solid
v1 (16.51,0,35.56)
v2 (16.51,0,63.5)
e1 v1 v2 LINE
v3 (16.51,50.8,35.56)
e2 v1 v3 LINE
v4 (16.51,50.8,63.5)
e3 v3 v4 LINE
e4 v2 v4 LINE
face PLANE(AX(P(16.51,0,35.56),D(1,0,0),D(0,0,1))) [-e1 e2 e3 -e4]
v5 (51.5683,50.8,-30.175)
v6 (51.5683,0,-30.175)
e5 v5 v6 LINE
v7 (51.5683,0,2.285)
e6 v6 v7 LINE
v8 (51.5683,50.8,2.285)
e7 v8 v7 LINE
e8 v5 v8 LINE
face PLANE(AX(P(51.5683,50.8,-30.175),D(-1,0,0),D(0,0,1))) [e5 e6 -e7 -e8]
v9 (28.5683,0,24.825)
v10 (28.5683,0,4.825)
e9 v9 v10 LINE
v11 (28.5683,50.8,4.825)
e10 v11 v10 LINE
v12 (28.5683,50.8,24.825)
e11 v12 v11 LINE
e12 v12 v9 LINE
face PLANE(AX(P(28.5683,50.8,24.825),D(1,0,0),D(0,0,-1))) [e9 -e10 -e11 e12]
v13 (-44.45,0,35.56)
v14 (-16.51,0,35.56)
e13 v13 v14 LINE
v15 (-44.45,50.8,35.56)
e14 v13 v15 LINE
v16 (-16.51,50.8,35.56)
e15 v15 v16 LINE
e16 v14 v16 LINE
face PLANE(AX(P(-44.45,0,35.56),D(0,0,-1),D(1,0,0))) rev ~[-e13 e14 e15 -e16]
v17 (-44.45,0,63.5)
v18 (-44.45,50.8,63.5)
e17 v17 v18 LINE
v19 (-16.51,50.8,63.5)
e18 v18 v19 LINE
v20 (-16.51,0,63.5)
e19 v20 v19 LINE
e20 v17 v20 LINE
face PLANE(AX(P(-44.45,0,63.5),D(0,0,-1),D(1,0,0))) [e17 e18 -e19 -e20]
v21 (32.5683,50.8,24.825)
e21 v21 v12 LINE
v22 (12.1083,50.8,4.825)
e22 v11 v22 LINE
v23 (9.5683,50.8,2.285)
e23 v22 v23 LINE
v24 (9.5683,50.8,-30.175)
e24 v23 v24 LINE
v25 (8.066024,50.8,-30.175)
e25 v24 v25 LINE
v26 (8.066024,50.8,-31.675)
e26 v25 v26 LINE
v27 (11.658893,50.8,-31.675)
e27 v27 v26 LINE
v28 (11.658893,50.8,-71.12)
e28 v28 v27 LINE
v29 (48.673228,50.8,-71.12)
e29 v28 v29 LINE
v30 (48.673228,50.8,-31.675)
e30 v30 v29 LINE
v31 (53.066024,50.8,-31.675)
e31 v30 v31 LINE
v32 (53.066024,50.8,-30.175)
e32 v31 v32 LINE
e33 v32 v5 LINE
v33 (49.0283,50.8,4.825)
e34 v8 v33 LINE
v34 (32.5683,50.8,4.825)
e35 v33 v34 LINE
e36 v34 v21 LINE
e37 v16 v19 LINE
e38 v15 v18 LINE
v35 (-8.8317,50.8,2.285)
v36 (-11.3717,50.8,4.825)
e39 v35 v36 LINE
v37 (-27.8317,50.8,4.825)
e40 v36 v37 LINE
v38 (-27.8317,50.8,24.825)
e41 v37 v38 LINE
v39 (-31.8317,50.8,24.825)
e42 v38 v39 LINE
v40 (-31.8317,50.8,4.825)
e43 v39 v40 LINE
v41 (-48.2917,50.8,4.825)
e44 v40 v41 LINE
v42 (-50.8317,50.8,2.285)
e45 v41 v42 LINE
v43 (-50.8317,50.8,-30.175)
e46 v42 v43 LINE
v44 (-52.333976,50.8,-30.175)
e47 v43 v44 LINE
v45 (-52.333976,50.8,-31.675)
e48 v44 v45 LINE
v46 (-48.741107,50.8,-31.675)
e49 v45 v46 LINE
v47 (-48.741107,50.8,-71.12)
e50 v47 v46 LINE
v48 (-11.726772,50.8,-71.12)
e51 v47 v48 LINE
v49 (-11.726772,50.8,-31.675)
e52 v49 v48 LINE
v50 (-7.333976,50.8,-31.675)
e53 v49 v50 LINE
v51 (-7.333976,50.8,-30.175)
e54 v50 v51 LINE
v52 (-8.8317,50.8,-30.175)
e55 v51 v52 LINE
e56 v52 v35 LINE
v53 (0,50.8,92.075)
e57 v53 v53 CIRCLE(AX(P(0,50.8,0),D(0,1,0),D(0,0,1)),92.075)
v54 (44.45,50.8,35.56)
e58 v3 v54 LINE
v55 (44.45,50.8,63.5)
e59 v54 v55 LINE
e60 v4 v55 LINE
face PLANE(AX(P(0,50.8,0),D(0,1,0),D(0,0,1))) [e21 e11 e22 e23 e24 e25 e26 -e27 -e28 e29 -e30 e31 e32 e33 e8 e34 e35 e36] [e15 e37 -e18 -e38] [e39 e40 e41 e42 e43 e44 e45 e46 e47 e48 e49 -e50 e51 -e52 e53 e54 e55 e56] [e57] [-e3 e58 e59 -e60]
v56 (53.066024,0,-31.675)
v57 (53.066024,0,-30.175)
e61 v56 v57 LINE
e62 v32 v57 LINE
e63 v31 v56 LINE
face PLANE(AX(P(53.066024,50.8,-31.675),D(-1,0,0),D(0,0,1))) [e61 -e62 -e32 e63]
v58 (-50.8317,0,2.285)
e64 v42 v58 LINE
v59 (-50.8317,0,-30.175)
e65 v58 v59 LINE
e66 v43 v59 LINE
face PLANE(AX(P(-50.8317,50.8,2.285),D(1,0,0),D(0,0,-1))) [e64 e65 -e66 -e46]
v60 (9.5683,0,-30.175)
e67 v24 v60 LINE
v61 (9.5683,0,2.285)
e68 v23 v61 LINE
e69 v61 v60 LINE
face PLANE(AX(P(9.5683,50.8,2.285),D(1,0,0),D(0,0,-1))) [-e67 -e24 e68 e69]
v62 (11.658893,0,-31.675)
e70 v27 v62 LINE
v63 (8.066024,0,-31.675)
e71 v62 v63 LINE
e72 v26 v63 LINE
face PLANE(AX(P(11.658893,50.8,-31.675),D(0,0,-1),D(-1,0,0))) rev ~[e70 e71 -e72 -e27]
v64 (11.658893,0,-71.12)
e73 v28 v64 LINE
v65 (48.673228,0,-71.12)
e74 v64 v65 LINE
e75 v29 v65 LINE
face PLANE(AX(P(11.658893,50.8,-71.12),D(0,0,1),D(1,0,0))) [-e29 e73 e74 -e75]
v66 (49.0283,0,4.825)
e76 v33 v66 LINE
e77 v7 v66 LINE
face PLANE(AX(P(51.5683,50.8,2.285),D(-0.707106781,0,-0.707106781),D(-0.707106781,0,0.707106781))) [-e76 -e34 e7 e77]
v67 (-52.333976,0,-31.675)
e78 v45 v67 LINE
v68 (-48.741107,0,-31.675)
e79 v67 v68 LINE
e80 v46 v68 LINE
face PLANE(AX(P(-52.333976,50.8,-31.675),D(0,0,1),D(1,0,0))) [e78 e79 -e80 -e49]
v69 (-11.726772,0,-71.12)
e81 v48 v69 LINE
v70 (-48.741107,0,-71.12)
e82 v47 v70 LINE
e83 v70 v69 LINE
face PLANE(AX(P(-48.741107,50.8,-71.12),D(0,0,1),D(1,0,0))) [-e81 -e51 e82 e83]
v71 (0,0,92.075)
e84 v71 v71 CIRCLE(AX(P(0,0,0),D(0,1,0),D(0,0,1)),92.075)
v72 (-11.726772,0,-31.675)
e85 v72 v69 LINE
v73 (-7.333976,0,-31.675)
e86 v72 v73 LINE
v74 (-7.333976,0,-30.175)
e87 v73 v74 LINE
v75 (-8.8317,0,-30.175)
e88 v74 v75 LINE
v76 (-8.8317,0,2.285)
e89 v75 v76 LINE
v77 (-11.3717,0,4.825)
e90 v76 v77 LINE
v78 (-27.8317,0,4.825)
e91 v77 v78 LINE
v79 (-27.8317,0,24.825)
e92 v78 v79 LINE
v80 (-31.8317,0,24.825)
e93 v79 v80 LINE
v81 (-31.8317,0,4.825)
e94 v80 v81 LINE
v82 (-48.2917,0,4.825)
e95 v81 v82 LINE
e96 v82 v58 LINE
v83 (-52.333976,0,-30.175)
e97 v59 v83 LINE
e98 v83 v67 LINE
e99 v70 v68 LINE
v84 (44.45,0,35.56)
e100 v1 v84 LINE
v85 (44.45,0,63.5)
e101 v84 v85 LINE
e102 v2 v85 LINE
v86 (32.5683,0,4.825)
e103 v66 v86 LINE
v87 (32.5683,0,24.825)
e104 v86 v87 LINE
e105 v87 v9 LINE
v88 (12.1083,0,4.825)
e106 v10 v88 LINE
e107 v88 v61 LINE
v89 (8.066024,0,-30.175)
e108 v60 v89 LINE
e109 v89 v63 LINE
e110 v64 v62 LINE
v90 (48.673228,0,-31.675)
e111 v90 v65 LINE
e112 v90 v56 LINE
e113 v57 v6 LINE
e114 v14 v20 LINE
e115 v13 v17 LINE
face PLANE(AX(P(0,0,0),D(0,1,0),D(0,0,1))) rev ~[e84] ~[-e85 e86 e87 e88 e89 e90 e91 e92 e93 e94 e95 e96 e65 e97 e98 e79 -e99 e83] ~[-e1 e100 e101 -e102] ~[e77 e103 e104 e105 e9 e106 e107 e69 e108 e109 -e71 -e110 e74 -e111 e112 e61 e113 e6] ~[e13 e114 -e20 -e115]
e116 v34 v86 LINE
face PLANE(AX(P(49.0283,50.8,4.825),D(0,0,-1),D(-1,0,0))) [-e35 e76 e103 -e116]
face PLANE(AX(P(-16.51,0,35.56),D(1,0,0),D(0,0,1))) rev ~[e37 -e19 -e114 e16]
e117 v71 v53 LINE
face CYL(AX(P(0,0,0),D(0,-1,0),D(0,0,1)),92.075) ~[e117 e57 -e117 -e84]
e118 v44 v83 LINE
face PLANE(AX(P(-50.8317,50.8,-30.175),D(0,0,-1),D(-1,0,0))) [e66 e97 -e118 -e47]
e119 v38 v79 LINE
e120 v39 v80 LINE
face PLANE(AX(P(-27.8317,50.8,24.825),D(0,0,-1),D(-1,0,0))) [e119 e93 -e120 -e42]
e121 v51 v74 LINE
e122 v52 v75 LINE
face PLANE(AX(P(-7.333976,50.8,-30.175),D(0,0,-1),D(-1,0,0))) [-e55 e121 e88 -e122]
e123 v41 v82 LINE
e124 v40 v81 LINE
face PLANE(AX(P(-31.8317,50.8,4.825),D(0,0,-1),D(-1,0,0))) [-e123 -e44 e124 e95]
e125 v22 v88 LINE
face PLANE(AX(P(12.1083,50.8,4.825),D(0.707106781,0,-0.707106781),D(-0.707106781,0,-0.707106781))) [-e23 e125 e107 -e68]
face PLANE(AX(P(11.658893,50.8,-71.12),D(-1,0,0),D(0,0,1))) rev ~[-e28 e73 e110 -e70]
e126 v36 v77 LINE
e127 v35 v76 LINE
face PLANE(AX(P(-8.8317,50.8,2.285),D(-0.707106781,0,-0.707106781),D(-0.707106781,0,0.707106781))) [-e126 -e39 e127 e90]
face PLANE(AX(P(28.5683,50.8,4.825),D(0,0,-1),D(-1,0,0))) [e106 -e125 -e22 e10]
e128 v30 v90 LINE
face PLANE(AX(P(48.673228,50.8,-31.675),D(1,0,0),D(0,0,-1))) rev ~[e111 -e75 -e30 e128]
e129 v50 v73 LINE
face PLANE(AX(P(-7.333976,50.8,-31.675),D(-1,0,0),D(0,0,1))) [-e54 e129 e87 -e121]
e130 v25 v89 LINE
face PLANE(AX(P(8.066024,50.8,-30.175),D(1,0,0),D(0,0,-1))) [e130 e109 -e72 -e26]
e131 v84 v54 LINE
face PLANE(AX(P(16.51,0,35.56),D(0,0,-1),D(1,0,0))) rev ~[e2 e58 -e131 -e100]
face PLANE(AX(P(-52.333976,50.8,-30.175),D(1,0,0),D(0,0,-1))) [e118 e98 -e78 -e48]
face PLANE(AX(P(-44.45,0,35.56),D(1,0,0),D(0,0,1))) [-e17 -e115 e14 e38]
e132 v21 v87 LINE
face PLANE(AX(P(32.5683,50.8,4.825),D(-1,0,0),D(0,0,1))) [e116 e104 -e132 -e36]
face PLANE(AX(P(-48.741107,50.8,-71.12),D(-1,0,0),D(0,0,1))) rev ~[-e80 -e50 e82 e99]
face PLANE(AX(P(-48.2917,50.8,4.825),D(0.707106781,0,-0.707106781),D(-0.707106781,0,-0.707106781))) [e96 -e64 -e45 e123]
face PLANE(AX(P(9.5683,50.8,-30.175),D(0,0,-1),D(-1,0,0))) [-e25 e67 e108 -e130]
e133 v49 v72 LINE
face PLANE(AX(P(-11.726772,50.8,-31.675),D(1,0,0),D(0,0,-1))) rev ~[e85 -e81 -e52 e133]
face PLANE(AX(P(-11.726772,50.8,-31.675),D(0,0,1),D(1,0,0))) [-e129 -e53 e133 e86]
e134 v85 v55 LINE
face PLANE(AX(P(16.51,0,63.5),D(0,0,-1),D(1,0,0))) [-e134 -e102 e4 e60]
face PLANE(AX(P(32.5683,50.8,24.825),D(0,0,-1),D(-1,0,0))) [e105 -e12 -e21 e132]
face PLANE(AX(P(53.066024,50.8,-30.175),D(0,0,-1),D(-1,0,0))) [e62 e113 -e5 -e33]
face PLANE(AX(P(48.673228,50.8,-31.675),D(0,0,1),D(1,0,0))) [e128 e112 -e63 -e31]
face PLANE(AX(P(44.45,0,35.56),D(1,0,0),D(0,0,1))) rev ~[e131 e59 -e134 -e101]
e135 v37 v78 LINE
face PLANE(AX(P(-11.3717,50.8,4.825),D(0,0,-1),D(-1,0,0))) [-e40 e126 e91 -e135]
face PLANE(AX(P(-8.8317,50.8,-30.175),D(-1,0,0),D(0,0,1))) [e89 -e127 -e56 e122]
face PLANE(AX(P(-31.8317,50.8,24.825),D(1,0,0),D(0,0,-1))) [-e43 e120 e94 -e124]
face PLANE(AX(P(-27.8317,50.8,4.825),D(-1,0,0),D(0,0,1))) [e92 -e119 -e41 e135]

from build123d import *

# Parameters (mm, degrees)
SKETCH1_R           = 92.075
BOSS_EXTRUDE1_DEPTH = 50.8
SKETCH6_W           = 27.94
SKETCH6_H           = 27.94
CUT_EXTRUDE4_DEPTH  = 50.8
CUT_EXTRUDE5_DEPTH  = 50.8


with BuildPart() as part:
    # Sketch1 → Boss-Extrude1 (new body)
    with BuildSketch(Plane(origin=(0, 0, 0), x_dir=(1, 0, 0), z_dir=(0, 1, 0))):
        with Locations(Location((0, 0, 0), (0, 0, 270))):
            Circle(SKETCH1_R)
    extrude(amount=BOSS_EXTRUDE1_DEPTH)

    # Sketch6 → Cut-Extrude4 (cut)
    with BuildSketch(Plane.XZ):
        with Locations((30.48, 49.53)):
            Rectangle(SKETCH6_W, SKETCH6_H)
        with Locations((-30.48, 49.53)):
            Rectangle(SKETCH6_W, SKETCH6_H)
    extrude(amount=-CUT_EXTRUDE4_DEPTH, mode=Mode.SUBTRACT)

    # Sketch8 → Cut-Extrude5 (cut)
    with BuildSketch(Plane(origin=(0, 50.8, 0), x_dir=(1, 0, 0), z_dir=(0, 1, 0))):
        Polygon((48.673227998, 66.920620093), (48.673227998, 31.675), (53.066023648, 31.675), (53.066023648, 30.175), (51.568299971, 30.175), (51.568299971, -2.285), (49.028299971, -4.825), (32.568299971, -4.825), (32.568299971, -24.825), (28.568299971, -24.825), (28.568299971, -4.825), (12.108299971, -4.825), (9.568299971, -2.285), (9.568299971, 30.175), (8.06602381, 30.175), (8.06602381, 31.675), (10.838299971, 31.675), (11.658892904, 31.675), (11.658892904, 66.920620093), (11.658892904, 71.12), (48.673227998, 71.12), align=None)
        Polygon((-8.831700029, -2.285), (-11.371700029, -4.825), (-27.831700029, -4.825), (-27.831700029, -24.825), (-31.831700029, -24.825), (-31.831700029, -4.825), (-48.291700029, -4.825), (-50.831700029, -2.285), (-50.831700029, 30.175), (-52.33397619, 30.175), (-52.33397619, 31.675), (-48.741107096, 31.675), (-48.741107096, 66.920620093), (-48.741107096, 71.12), (-11.726772002, 71.12), (-11.726772002, 66.920620093), (-11.726772002, 31.675), (-7.333976352, 31.675), (-7.333976352, 30.175), (-8.831700029, 30.175), align=None)
    extrude(amount=-CUT_EXTRUDE5_DEPTH, mode=Mode.SUBTRACT)


solid = part.part
